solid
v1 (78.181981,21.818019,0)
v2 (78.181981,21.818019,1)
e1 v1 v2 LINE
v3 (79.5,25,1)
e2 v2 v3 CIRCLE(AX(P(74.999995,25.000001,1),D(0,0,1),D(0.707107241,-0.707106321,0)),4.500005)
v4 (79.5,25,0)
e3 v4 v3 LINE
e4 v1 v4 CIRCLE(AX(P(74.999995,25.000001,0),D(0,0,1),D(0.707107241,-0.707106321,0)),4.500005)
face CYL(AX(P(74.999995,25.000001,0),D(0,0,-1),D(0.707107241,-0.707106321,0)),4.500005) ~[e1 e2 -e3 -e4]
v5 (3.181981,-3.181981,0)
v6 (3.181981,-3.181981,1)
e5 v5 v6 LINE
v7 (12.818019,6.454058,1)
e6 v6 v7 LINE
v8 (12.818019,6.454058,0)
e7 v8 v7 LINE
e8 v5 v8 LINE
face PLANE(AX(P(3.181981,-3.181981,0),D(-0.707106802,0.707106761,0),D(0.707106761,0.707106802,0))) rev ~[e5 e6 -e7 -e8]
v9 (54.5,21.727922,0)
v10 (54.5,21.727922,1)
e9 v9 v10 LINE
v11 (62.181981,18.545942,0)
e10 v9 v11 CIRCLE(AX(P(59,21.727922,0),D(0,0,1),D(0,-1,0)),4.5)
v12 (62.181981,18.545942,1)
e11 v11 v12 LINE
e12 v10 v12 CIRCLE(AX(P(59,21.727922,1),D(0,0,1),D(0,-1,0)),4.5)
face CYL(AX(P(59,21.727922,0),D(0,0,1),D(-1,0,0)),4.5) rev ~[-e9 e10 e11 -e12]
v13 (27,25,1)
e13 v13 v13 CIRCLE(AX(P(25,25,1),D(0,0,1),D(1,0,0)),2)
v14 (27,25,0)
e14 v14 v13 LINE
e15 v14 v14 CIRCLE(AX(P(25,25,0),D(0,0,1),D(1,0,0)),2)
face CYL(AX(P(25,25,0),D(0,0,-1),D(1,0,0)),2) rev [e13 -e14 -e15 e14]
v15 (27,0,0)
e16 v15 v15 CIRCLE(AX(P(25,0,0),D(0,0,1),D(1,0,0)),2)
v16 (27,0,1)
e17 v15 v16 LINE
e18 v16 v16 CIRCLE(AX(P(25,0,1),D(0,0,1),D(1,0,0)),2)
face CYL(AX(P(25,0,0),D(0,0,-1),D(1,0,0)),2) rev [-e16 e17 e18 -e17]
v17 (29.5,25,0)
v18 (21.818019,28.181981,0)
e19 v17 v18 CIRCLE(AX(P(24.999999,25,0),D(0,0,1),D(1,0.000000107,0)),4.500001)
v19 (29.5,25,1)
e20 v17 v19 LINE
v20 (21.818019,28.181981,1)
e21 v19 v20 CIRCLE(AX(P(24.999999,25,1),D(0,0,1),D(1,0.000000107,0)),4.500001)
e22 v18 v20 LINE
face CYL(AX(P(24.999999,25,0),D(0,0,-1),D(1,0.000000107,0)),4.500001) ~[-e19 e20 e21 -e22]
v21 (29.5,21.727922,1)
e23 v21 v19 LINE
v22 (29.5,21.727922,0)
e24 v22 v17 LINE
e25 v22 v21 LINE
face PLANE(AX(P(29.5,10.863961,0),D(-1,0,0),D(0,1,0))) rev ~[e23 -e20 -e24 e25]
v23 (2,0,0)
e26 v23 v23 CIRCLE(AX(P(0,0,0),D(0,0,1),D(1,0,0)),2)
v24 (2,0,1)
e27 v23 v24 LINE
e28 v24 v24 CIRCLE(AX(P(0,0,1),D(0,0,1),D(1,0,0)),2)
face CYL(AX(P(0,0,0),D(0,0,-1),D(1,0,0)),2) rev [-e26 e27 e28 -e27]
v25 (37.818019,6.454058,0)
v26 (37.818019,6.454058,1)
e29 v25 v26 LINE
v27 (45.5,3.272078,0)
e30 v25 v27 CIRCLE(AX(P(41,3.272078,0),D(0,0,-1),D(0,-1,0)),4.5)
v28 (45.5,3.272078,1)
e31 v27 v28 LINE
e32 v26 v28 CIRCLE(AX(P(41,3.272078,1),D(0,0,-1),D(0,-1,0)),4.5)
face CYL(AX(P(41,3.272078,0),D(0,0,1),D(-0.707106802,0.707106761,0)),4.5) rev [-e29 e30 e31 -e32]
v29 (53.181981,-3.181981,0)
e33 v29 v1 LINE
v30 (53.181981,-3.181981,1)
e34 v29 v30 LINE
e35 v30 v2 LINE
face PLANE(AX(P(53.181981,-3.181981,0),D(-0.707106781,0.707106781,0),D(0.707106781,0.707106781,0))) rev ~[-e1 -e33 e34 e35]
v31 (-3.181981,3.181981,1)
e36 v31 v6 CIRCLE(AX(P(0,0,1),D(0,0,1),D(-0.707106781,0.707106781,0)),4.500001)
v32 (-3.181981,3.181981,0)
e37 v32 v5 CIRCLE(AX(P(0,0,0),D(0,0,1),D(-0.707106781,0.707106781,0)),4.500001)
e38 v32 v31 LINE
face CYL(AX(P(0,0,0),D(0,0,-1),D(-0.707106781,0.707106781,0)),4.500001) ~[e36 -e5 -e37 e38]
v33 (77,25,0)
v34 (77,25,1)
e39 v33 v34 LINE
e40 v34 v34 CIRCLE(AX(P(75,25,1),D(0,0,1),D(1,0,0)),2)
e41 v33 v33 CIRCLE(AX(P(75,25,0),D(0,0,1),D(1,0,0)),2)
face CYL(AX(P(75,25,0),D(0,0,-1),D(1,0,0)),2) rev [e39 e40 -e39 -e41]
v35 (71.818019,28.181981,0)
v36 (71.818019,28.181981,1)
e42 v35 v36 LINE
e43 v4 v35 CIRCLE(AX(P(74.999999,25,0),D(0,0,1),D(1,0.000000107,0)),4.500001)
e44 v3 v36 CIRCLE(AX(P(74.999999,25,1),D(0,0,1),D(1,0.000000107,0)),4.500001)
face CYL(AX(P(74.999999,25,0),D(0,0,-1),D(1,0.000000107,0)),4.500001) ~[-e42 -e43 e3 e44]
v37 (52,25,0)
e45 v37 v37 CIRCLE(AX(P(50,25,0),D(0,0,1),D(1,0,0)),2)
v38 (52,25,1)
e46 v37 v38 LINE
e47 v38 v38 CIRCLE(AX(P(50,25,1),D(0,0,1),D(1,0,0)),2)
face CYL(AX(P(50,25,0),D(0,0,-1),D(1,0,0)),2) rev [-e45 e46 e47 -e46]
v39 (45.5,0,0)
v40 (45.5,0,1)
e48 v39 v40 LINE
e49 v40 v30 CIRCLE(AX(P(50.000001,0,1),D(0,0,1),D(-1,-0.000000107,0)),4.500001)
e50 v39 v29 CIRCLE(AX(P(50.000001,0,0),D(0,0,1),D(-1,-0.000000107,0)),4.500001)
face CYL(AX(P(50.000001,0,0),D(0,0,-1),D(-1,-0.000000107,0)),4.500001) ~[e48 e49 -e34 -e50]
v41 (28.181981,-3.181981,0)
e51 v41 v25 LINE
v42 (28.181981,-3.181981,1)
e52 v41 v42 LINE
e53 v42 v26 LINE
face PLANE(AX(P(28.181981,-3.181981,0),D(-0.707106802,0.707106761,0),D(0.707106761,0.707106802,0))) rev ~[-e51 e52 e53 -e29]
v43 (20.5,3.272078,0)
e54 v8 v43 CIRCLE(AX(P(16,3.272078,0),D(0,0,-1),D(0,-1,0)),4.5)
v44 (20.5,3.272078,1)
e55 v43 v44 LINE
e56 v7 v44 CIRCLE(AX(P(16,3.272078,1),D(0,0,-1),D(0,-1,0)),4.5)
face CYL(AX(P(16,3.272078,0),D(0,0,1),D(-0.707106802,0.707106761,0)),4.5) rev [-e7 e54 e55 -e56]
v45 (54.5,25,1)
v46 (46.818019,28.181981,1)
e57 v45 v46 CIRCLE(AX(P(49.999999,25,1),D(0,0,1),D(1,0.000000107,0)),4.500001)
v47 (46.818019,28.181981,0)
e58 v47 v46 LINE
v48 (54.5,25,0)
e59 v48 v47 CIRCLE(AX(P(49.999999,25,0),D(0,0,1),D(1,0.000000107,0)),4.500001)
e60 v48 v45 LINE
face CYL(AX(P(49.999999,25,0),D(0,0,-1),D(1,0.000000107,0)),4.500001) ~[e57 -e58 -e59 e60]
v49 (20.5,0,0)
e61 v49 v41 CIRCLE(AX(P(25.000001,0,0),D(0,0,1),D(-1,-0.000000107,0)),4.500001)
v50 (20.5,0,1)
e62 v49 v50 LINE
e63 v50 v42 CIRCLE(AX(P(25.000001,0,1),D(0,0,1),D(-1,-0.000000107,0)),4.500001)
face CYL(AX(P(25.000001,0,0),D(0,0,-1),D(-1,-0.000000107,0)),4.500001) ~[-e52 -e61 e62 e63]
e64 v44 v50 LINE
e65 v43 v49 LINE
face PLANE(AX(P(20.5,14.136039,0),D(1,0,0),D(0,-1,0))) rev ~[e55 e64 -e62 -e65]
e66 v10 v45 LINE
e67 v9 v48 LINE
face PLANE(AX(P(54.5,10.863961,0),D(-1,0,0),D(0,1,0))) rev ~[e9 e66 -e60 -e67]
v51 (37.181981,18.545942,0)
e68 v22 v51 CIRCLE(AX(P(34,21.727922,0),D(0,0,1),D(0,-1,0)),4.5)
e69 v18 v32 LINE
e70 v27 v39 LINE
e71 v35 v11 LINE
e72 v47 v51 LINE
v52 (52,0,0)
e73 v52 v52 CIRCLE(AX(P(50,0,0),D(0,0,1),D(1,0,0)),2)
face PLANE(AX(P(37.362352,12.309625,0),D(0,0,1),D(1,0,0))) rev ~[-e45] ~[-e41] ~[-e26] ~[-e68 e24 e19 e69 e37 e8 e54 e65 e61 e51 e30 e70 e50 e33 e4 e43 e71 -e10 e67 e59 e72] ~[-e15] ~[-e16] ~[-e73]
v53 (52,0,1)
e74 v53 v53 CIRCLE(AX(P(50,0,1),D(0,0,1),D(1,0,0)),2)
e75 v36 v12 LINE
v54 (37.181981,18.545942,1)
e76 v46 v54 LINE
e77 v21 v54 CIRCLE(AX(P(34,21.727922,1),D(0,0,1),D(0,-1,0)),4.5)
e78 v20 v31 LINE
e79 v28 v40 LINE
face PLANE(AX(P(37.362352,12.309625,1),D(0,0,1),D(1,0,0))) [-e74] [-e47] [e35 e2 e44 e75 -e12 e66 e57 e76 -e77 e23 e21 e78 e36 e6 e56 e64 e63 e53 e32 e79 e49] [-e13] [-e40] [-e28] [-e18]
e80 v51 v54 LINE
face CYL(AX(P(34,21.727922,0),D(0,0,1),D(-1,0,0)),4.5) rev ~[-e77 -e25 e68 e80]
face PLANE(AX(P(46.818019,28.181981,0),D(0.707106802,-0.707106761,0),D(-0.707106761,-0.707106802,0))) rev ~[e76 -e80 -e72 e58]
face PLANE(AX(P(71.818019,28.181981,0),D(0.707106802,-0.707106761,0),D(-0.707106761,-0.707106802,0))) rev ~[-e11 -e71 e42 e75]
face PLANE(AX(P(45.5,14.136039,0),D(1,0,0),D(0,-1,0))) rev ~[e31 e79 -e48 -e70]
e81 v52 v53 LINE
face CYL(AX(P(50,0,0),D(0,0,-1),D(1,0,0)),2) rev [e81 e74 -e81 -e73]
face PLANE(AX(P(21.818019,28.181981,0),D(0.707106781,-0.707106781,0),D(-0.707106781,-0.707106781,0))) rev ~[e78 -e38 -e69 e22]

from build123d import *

# Parameters (mm, degrees)
F0_R     = 2
F1_DEPTH = 1
F2_R     = 4.5


with BuildPart() as f1:
    # F0 (on Top) → F1 (new body)
    with BuildSketch(Plane.XY):
        with BuildLine():
            Line((21.818019, 28.181981), (-3.181981, 3.181981))
            ThreePointArc((-3.181981, 3.181981), (-3.181981, -3.181981), (3.181981, -3.181981))
            Line((3.181981, -3.181981), (20.5, 14.136039))
            Line((20.5, 14.136039), (20.5, 0))
            ThreePointArc((20.5, 0), (25, 4.5), (29.5, 0))
            ThreePointArc((29.5, 0), (29.157458, -1.722075), (28.181981, -3.181981))
            Line((28.181981, -3.181981), (45.5, 14.136039))
            Line((45.5, 14.136039), (45.5, 0))
            ThreePointArc((45.5, 0), (50, 4.5), (54.5, 0))
            ThreePointArc((54.5, 0), (54.157458, -1.722075), (53.181981, -3.181981))
            Line((53.181981, -3.181981), (78.181981, 21.818019))
            ThreePointArc((78.181981, 21.818019), (71.818019, 21.818019), (71.818019, 28.181981))
            Line((71.818019, 28.181981), (54.5, 10.863961))
            Line((54.5, 10.863961), (54.5, 25))
            ThreePointArc((54.5, 25), (48.277925, 20.842542), (46.818019, 28.181981))
            Line((46.818019, 28.181981), (29.5, 10.863961))
            Line((29.5, 10.863961), (29.5, 25))
            ThreePointArc((29.5, 25), (23.277925, 20.842542), (21.818019, 28.181981))
        make_face()
        Circle(F0_R, mode=Mode.SUBTRACT)
        with BuildLine():
            ThreePointArc((29.5, 25), (26.722075, 29.157458), (21.818019, 28.181981))
            ThreePointArc((21.818019, 28.181981), (23.277925, 20.842542), (29.5, 25))
        make_face()
        with Locations((25, 25)):
            Circle(F0_R, mode=Mode.SUBTRACT)
        with BuildLine():
            ThreePointArc((29.5, 0), (25, 4.5), (20.5, 0))
            ThreePointArc((20.5, 0), (23.277925, -4.157458), (28.181981, -3.181981))
            ThreePointArc((28.181981, -3.181981), (29.157458, -1.722075), (29.5, 0))
        make_face()
        with Locations((25, 0)):
            Circle(F0_R, mode=Mode.SUBTRACT)
        with BuildLine():
            ThreePointArc((54.5, 0), (50, 4.5), (45.5, 0))
            ThreePointArc((45.5, 0), (48.277925, -4.157458), (53.181981, -3.181981))
            ThreePointArc((53.181981, -3.181981), (54.157458, -1.722075), (54.5, 0))
        make_face()
        with Locations((50, 0)):
            Circle(F0_R, mode=Mode.SUBTRACT)
        with BuildLine():
            ThreePointArc((54.5, 25), (51.722075, 29.157458), (46.818019, 28.181981))
            ThreePointArc((46.818019, 28.181981), (48.277925, 20.842542), (54.5, 25))
        make_face()
        with Locations((50, 25)):
            Circle(F0_R, mode=Mode.SUBTRACT)
        with BuildLine():
            ThreePointArc((79.5, 25), (76.722075, 29.157458), (71.818019, 28.181981))
            ThreePointArc((71.818019, 28.181981), (71.818019, 21.818019), (78.181981, 21.818019))
            ThreePointArc((78.181981, 21.818019), (79.157458, 23.277925), (79.5, 25))
        make_face()
        with Locations((75, 25)):
            Circle(F0_R, mode=Mode.SUBTRACT)
    extrude(amount=F1_DEPTH)

    # F2
    f2_edges = [f1.edges().sort_by_distance(p)[0] for p in [
        (20.5, 14.136039, 0.5),
        (45.5, 14.136039, 0.5),
        (29.5, 10.863961, 0.5),
        (54.5, 10.863961, 0.5),
    ]]
    fillet(f2_edges, radius=F2_R)


solid = f1.part
